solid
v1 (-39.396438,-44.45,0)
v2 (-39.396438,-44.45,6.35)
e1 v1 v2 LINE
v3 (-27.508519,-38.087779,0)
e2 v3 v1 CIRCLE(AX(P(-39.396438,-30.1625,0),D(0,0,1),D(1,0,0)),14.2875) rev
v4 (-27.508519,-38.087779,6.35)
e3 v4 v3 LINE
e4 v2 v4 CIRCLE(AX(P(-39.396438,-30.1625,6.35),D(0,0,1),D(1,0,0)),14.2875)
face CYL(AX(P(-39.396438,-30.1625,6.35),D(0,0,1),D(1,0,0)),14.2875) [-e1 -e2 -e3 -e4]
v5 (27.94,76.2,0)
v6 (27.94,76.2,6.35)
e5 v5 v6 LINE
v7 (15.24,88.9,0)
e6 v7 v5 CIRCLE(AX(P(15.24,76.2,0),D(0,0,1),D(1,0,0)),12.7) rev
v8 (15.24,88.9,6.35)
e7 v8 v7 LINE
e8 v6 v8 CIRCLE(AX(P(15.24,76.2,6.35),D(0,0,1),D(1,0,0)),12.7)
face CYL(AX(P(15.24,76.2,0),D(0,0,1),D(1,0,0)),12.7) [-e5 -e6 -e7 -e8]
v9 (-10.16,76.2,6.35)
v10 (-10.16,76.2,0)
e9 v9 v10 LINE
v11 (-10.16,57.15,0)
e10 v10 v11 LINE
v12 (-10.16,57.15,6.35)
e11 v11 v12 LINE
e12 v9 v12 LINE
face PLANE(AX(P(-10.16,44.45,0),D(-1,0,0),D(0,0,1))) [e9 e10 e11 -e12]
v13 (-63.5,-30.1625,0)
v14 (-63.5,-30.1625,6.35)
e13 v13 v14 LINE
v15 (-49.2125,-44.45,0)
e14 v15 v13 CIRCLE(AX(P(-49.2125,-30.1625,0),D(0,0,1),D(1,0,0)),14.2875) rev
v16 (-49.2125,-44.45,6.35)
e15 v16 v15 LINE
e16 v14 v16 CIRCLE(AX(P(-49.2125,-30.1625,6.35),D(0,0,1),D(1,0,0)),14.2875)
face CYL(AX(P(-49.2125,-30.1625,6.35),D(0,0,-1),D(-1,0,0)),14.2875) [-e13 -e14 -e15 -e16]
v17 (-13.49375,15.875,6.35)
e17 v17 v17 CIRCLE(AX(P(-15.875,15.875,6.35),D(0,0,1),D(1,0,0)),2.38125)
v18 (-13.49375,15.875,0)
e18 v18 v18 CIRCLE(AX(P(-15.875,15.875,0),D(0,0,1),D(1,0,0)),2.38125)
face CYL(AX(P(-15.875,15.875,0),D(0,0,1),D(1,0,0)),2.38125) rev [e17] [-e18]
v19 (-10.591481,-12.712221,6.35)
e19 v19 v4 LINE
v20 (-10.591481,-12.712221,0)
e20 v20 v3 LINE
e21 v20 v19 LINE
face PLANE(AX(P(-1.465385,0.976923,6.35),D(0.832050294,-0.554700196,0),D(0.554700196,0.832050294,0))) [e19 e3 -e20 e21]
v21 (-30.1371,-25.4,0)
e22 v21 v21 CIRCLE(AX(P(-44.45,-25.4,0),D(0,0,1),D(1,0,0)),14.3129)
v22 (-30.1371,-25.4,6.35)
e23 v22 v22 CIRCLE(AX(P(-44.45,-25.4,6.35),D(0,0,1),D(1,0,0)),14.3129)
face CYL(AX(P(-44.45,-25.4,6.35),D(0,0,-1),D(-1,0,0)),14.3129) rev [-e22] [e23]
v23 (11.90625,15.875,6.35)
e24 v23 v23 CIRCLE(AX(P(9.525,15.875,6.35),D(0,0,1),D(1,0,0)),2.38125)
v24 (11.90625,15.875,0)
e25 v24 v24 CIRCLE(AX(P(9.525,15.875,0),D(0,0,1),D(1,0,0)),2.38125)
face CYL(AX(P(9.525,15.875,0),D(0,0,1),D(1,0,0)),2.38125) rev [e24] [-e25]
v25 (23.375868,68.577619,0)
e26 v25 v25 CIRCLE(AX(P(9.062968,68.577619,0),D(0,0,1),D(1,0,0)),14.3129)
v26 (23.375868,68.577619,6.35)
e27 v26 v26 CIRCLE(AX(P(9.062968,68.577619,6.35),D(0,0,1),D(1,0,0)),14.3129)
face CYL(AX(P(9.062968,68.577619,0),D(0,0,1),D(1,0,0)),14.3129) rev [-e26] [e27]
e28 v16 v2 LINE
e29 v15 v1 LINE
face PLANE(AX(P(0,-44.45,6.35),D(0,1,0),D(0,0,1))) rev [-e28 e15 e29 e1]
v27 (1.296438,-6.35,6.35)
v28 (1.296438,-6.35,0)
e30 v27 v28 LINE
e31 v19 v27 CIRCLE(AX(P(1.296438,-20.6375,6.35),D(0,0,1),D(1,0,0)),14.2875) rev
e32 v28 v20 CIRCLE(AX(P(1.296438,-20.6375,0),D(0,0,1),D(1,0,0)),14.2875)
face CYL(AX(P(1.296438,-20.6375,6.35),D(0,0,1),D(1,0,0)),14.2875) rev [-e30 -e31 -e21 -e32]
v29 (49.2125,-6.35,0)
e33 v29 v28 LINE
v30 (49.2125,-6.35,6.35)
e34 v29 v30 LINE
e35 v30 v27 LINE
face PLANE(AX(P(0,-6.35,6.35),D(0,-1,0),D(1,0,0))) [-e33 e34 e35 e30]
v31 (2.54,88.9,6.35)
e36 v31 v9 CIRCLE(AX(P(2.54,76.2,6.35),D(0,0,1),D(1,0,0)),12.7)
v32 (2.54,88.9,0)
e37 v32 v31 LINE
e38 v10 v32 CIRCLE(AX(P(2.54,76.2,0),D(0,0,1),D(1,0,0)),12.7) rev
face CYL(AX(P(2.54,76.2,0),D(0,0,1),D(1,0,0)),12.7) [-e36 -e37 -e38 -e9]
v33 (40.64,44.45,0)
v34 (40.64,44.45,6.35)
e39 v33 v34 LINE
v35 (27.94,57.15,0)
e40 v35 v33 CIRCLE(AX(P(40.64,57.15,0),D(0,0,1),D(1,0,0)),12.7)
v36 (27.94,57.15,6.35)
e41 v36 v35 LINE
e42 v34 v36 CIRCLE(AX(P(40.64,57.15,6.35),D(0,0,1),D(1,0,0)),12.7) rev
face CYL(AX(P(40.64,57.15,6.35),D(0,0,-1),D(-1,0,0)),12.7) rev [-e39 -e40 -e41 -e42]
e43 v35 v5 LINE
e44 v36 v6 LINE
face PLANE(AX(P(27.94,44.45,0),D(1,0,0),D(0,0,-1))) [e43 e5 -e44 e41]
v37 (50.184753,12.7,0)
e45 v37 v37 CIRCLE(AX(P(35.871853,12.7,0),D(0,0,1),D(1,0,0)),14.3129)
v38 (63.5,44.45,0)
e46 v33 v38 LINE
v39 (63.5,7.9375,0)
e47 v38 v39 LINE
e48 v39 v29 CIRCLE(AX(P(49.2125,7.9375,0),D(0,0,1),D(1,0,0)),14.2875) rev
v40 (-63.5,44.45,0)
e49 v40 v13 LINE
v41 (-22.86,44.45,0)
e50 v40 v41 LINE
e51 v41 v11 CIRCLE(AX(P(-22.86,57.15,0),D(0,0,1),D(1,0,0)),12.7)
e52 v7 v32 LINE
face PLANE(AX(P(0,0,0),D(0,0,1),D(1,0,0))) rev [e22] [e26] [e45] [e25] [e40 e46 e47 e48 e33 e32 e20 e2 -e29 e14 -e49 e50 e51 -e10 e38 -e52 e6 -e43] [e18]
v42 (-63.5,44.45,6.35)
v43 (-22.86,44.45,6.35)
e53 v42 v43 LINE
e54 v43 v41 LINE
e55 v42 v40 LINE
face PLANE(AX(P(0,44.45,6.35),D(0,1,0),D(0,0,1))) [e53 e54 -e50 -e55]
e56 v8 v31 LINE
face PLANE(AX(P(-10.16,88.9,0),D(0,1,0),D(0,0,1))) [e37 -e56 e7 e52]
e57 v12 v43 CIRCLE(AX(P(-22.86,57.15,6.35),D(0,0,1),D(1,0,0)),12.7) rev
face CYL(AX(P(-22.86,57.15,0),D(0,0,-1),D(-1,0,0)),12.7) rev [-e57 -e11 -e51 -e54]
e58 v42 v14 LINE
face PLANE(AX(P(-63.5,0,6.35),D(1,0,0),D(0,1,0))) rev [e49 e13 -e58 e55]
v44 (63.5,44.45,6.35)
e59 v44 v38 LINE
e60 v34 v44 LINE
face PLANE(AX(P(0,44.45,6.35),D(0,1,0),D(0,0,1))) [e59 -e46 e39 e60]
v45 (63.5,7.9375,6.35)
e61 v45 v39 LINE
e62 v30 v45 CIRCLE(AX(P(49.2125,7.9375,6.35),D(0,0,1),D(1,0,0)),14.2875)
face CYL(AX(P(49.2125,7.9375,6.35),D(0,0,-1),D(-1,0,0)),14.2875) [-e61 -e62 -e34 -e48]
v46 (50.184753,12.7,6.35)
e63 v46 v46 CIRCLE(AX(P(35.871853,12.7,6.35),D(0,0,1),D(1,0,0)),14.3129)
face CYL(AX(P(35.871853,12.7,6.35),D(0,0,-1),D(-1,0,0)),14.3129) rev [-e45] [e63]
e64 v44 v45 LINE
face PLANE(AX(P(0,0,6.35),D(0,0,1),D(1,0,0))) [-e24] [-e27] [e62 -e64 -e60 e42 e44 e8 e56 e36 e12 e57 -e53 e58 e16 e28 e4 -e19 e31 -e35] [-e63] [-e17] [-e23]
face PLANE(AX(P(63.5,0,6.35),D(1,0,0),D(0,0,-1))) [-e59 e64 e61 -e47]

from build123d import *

# Parameters (mm, degrees)
SKETCH1_R           = 14.3129
BOSS_EXTRUDE1_DEPTH = 6.35
FILLET1_R           = 14.2875
SKETCH2_W           = 38.1
SKETCH2_H           = 44.45
BOSS_EXTRUDE2_DEPTH = 6.35
SKETCH3_R           = 14.3129
CUT_EXTRUDE1_DEPTH  = 110.433918417
SKETCH5_R           = 2.38125
CUT_EXTRUDE3_DEPTH  = 110.433918417
FILLET2_R           = 12.7


with BuildPart() as part:
    # Sketch1 → Boss-Extrude1 (new body)
    with BuildSketch(Plane.XY):
        Polygon((-6.35, -6.35), (63.5, -6.35), (63.5, 44.45), (-63.5, 44.45), (-63.5, -44.45), (-31.75, -44.45), align=None)
        with Locations((-44.45, -25.4)):
            Circle(SKETCH1_R, mode=Mode.SUBTRACT)
        with Locations((35.871852568, 12.7)):
            Circle(SKETCH1_R, mode=Mode.SUBTRACT)
    extrude(amount=BOSS_EXTRUDE1_DEPTH)

    # Fillet1
    fillet1_edges = [part.edges().sort_by_distance(p)[0] for p in [
        (-31.75, -44.45, 3.175),
        (-63.5, -44.45, 3.175),
        (63.5, -6.35, 3.175),
        (-6.35, -6.35, 3.175),
    ]]
    fillet(fillet1_edges, radius=FILLET1_R)

    # Sketch2 → Boss-Extrude2 (add)
    with BuildSketch(Plane.XY.offset(6.35)):
        with Locations((8.89, 66.675)):
            Rectangle(SKETCH2_W, SKETCH2_H)
    extrude(amount=-BOSS_EXTRUDE2_DEPTH)

    # Sketch3 → Cut-Extrude1 (cut, through all)
    with BuildSketch(Plane.XY.offset(6.35)):
        with Locations((9.062967637, 68.577618639)):
            Circle(SKETCH3_R)
    extrude(amount=-CUT_EXTRUDE1_DEPTH, mode=Mode.SUBTRACT)

    # Sketch5 → Cut-Extrude3 (cut, through all)
    with BuildSketch(Plane.XY.offset(6.35)):
        with Locations((-15.875, 15.875)):
            Circle(SKETCH5_R)
        with Locations((9.525, 15.875)):
            Circle(SKETCH5_R)
    extrude(amount=-CUT_EXTRUDE3_DEPTH, mode=Mode.SUBTRACT)

    # Fillet2
    fillet2_edges = [part.edges().sort_by_distance(p)[0] for p in [
        (-10.16, 44.45, 3.175),
        (-10.16, 88.9, 3.175),
        (27.94, 88.9, 3.175),
        (27.94, 44.45, 3.175),
    ]]
    fillet(fillet2_edges, radius=FILLET2_R)


solid = part.part
